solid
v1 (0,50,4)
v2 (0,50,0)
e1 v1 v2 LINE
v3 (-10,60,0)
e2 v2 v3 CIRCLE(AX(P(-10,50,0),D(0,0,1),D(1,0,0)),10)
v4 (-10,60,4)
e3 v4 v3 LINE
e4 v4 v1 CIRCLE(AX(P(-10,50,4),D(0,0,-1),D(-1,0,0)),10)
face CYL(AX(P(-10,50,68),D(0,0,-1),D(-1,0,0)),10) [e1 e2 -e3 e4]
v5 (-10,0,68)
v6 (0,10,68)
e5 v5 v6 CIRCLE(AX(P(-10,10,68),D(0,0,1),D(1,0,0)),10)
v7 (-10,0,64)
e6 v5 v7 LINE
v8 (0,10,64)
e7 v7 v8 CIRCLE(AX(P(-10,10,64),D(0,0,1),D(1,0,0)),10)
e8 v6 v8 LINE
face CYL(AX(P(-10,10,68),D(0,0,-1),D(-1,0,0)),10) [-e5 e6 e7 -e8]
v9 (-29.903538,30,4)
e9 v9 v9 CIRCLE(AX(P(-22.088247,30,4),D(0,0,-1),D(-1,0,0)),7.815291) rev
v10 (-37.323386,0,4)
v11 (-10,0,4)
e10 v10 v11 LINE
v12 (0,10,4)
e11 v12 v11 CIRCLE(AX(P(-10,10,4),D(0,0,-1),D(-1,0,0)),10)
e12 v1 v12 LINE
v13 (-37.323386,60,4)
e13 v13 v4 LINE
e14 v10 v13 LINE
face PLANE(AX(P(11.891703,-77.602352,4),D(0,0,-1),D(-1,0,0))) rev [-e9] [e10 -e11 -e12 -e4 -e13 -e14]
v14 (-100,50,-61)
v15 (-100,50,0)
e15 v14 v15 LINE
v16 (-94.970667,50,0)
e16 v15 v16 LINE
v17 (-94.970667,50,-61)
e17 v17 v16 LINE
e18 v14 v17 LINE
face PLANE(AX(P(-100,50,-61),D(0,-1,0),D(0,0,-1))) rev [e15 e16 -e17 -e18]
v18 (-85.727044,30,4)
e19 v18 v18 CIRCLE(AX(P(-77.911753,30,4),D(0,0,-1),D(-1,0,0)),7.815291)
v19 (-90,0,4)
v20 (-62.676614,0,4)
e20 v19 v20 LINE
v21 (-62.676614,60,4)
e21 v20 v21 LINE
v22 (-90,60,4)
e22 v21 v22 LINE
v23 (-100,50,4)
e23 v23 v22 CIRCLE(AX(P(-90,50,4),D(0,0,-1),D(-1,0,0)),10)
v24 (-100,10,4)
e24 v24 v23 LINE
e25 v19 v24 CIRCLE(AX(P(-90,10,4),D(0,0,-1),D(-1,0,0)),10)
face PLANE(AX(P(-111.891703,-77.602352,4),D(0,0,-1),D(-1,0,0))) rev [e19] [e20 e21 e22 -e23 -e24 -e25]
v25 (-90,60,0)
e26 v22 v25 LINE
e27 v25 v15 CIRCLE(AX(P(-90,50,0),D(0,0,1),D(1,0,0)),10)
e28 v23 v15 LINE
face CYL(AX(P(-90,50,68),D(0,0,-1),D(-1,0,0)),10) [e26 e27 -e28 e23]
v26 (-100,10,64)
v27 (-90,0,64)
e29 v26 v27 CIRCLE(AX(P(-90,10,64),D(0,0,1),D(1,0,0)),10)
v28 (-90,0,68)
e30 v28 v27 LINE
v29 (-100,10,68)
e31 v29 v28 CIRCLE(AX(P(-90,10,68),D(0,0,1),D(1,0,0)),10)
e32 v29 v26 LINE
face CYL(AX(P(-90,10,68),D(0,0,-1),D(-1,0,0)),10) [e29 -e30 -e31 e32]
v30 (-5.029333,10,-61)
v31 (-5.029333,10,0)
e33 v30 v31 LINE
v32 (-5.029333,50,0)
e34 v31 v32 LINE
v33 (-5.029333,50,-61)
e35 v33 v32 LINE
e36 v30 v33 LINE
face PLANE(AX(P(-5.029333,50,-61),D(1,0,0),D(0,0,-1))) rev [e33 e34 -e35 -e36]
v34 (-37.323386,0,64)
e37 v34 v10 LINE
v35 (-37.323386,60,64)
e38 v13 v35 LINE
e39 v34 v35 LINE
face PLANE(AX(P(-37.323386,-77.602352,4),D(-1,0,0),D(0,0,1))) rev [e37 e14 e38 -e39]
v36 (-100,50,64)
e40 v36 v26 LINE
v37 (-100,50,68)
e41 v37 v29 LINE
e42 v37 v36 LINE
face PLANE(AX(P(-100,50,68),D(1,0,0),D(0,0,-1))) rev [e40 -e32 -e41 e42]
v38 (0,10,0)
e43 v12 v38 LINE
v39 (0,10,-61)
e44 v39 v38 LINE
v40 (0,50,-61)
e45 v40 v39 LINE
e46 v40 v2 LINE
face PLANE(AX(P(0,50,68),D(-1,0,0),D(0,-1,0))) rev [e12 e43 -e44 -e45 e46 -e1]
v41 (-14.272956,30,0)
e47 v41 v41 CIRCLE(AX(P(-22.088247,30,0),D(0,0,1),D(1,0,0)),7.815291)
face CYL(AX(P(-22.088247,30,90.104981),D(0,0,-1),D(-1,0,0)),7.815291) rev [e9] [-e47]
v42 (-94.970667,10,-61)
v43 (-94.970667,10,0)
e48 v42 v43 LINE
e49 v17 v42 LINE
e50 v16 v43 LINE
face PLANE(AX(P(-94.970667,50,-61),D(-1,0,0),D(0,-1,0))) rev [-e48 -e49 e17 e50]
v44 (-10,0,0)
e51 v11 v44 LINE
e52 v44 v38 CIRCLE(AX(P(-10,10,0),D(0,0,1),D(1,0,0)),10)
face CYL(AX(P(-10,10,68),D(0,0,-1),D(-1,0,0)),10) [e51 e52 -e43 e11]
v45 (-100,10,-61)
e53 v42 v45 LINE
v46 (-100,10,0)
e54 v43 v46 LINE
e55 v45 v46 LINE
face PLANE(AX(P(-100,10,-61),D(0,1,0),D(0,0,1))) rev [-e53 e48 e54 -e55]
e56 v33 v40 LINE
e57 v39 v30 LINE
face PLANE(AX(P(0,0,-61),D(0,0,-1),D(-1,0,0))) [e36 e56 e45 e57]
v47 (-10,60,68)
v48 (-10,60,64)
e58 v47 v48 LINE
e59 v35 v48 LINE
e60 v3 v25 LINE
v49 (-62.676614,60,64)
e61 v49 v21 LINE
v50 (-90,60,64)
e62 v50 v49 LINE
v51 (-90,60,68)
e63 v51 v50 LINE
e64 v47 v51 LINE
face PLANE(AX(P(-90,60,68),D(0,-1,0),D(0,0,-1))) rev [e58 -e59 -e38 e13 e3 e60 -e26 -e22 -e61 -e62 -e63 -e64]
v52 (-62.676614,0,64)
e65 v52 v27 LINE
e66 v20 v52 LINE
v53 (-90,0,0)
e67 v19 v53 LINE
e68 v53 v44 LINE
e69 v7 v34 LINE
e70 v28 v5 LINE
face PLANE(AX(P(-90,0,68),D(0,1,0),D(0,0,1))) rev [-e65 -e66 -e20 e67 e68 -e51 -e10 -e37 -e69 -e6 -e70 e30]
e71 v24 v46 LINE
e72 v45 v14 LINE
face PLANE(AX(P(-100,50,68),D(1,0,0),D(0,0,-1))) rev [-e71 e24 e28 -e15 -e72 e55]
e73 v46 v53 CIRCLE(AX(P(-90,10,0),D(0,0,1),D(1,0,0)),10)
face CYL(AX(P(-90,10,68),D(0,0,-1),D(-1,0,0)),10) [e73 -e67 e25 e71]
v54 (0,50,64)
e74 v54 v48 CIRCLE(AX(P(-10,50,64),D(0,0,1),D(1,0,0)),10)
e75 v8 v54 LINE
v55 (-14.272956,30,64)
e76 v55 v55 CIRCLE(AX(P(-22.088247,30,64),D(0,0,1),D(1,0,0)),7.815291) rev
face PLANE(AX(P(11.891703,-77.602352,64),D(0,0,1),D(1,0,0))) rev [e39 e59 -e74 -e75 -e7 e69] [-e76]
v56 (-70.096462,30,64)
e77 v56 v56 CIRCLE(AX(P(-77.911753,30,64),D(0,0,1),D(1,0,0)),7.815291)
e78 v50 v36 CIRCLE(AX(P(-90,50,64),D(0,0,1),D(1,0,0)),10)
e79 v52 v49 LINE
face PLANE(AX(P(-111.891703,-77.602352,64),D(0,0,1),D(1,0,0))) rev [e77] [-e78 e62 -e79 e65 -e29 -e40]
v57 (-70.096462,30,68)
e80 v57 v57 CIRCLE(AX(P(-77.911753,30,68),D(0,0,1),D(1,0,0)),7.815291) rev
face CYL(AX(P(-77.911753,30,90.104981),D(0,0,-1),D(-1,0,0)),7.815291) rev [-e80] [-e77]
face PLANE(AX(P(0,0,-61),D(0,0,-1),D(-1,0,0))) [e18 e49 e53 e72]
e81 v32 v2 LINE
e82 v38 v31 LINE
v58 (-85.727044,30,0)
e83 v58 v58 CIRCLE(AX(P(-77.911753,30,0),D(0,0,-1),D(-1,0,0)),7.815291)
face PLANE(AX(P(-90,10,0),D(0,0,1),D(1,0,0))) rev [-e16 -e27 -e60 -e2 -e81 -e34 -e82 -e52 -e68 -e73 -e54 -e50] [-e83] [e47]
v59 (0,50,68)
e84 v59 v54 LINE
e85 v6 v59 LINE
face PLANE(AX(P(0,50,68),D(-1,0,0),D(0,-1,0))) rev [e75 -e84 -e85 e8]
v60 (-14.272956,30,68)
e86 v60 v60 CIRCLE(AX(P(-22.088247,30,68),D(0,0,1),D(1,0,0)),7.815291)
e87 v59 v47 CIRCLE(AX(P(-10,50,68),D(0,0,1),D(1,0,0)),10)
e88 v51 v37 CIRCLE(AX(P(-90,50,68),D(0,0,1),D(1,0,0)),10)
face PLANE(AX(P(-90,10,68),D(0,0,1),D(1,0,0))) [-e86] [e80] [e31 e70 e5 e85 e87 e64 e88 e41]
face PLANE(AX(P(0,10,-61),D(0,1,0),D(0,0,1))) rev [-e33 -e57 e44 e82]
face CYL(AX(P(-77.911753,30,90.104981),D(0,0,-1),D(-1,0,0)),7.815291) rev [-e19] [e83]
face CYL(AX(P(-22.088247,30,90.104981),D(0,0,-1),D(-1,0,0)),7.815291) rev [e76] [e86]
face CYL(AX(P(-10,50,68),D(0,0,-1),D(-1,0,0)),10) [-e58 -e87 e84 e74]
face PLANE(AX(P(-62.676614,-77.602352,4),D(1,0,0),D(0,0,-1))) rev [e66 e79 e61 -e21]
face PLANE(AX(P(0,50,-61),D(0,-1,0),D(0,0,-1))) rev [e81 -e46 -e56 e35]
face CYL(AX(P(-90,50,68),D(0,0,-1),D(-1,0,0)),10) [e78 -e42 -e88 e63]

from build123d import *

# Parameters (mm, degrees)
EXTRUDE_1_DEPTH     = 68
SKETCH_2_W          = 49.215089209
SKETCH_2_H          = 60
CUT_EXTRUDE_1_DEPTH = 60
SKETCH_3_R          = 7.815290935
CUT_EXTRUDE_2_DEPTH = 68
SKETCH_3_4_R        = 7.815290935
CUT_EXTRUDE_3_DEPTH = 68
SKETCH_5_W          = 5.029333187
SKETCH_5_H          = 40
EXTRUDE_2_DEPTH     = 61


with BuildPart() as part:
    # Эскиз1 → Бобышка-Вытянуть1 (new body)
    with BuildSketch(Plane.XY):
        with BuildLine():
            Line((-90, 60), (-10, 60))
            ThreePointArc((-10, 60), (-2.928932188, 57.071067812), (0, 50))
            Line((0, 50), (0, 10))
            ThreePointArc((0, 10), (-2.928932188, 2.928932188), (-10, 0))
            Line((-10, 0), (-90, 0))
            ThreePointArc((-90, 0), (-97.071067812, 2.928932188), (-100, 10))
            Line((-100, 10), (-100, 50))
            ThreePointArc((-100, 50), (-97.071067812, 57.071067812), (-90, 60))
        make_face()
    extrude(amount=EXTRUDE_1_DEPTH)

    # Эскиз2 → Вырез-Вытянуть1 (cut)
    with BuildSketch(Plane(origin=(0, 60, 0), x_dir=(1, 0, 0), z_dir=(0, 1, 0))):
        with Locations((-12.715841509, -34)):
            Rectangle(SKETCH_2_W, SKETCH_2_H)
        with Locations((-87.284158491, -34)):
            Rectangle(SKETCH_2_W, SKETCH_2_H)
    extrude(amount=-CUT_EXTRUDE_1_DEPTH, mode=Mode.SUBTRACT)

    # Эскиз3 → Вырез-Вытянуть2 (cut)
    with BuildSketch(Plane(origin=(0, 0, 0), x_dir=(-1, 0, 0), z_dir=(0, 0, -1))):
        with Locations((22.08824666, 30)):
            Circle(SKETCH_3_R)
    extrude(amount=-CUT_EXTRUDE_2_DEPTH, mode=Mode.SUBTRACT)

    # Эскиз3<4> → Вырез-Вытянуть3 (cut)
    with BuildSketch(Plane(origin=(0, 0, 0), x_dir=(-1, 0, 0), z_dir=(0, 0, -1))):
        with Locations((77.91175334, 30)):
            Circle(SKETCH_3_4_R)
        with Locations((22.08824666, 30)):
            Circle(SKETCH_3_4_R)
    extrude(amount=-CUT_EXTRUDE_3_DEPTH, mode=Mode.SUBTRACT)

    # Эскиз5 → Бобышка-Вытянуть2 (add)
    with BuildSketch(Plane(origin=(0, 0, 0), x_dir=(-1, 0, 0), z_dir=(0, 0, -1))):
        with Locations((2.514666594, 30)):
            Rectangle(SKETCH_5_W, SKETCH_5_H)
        with Locations((97.485333407, 30)):
            Rectangle(SKETCH_5_W, SKETCH_5_H)
    extrude(amount=EXTRUDE_2_DEPTH)


solid = part.part
